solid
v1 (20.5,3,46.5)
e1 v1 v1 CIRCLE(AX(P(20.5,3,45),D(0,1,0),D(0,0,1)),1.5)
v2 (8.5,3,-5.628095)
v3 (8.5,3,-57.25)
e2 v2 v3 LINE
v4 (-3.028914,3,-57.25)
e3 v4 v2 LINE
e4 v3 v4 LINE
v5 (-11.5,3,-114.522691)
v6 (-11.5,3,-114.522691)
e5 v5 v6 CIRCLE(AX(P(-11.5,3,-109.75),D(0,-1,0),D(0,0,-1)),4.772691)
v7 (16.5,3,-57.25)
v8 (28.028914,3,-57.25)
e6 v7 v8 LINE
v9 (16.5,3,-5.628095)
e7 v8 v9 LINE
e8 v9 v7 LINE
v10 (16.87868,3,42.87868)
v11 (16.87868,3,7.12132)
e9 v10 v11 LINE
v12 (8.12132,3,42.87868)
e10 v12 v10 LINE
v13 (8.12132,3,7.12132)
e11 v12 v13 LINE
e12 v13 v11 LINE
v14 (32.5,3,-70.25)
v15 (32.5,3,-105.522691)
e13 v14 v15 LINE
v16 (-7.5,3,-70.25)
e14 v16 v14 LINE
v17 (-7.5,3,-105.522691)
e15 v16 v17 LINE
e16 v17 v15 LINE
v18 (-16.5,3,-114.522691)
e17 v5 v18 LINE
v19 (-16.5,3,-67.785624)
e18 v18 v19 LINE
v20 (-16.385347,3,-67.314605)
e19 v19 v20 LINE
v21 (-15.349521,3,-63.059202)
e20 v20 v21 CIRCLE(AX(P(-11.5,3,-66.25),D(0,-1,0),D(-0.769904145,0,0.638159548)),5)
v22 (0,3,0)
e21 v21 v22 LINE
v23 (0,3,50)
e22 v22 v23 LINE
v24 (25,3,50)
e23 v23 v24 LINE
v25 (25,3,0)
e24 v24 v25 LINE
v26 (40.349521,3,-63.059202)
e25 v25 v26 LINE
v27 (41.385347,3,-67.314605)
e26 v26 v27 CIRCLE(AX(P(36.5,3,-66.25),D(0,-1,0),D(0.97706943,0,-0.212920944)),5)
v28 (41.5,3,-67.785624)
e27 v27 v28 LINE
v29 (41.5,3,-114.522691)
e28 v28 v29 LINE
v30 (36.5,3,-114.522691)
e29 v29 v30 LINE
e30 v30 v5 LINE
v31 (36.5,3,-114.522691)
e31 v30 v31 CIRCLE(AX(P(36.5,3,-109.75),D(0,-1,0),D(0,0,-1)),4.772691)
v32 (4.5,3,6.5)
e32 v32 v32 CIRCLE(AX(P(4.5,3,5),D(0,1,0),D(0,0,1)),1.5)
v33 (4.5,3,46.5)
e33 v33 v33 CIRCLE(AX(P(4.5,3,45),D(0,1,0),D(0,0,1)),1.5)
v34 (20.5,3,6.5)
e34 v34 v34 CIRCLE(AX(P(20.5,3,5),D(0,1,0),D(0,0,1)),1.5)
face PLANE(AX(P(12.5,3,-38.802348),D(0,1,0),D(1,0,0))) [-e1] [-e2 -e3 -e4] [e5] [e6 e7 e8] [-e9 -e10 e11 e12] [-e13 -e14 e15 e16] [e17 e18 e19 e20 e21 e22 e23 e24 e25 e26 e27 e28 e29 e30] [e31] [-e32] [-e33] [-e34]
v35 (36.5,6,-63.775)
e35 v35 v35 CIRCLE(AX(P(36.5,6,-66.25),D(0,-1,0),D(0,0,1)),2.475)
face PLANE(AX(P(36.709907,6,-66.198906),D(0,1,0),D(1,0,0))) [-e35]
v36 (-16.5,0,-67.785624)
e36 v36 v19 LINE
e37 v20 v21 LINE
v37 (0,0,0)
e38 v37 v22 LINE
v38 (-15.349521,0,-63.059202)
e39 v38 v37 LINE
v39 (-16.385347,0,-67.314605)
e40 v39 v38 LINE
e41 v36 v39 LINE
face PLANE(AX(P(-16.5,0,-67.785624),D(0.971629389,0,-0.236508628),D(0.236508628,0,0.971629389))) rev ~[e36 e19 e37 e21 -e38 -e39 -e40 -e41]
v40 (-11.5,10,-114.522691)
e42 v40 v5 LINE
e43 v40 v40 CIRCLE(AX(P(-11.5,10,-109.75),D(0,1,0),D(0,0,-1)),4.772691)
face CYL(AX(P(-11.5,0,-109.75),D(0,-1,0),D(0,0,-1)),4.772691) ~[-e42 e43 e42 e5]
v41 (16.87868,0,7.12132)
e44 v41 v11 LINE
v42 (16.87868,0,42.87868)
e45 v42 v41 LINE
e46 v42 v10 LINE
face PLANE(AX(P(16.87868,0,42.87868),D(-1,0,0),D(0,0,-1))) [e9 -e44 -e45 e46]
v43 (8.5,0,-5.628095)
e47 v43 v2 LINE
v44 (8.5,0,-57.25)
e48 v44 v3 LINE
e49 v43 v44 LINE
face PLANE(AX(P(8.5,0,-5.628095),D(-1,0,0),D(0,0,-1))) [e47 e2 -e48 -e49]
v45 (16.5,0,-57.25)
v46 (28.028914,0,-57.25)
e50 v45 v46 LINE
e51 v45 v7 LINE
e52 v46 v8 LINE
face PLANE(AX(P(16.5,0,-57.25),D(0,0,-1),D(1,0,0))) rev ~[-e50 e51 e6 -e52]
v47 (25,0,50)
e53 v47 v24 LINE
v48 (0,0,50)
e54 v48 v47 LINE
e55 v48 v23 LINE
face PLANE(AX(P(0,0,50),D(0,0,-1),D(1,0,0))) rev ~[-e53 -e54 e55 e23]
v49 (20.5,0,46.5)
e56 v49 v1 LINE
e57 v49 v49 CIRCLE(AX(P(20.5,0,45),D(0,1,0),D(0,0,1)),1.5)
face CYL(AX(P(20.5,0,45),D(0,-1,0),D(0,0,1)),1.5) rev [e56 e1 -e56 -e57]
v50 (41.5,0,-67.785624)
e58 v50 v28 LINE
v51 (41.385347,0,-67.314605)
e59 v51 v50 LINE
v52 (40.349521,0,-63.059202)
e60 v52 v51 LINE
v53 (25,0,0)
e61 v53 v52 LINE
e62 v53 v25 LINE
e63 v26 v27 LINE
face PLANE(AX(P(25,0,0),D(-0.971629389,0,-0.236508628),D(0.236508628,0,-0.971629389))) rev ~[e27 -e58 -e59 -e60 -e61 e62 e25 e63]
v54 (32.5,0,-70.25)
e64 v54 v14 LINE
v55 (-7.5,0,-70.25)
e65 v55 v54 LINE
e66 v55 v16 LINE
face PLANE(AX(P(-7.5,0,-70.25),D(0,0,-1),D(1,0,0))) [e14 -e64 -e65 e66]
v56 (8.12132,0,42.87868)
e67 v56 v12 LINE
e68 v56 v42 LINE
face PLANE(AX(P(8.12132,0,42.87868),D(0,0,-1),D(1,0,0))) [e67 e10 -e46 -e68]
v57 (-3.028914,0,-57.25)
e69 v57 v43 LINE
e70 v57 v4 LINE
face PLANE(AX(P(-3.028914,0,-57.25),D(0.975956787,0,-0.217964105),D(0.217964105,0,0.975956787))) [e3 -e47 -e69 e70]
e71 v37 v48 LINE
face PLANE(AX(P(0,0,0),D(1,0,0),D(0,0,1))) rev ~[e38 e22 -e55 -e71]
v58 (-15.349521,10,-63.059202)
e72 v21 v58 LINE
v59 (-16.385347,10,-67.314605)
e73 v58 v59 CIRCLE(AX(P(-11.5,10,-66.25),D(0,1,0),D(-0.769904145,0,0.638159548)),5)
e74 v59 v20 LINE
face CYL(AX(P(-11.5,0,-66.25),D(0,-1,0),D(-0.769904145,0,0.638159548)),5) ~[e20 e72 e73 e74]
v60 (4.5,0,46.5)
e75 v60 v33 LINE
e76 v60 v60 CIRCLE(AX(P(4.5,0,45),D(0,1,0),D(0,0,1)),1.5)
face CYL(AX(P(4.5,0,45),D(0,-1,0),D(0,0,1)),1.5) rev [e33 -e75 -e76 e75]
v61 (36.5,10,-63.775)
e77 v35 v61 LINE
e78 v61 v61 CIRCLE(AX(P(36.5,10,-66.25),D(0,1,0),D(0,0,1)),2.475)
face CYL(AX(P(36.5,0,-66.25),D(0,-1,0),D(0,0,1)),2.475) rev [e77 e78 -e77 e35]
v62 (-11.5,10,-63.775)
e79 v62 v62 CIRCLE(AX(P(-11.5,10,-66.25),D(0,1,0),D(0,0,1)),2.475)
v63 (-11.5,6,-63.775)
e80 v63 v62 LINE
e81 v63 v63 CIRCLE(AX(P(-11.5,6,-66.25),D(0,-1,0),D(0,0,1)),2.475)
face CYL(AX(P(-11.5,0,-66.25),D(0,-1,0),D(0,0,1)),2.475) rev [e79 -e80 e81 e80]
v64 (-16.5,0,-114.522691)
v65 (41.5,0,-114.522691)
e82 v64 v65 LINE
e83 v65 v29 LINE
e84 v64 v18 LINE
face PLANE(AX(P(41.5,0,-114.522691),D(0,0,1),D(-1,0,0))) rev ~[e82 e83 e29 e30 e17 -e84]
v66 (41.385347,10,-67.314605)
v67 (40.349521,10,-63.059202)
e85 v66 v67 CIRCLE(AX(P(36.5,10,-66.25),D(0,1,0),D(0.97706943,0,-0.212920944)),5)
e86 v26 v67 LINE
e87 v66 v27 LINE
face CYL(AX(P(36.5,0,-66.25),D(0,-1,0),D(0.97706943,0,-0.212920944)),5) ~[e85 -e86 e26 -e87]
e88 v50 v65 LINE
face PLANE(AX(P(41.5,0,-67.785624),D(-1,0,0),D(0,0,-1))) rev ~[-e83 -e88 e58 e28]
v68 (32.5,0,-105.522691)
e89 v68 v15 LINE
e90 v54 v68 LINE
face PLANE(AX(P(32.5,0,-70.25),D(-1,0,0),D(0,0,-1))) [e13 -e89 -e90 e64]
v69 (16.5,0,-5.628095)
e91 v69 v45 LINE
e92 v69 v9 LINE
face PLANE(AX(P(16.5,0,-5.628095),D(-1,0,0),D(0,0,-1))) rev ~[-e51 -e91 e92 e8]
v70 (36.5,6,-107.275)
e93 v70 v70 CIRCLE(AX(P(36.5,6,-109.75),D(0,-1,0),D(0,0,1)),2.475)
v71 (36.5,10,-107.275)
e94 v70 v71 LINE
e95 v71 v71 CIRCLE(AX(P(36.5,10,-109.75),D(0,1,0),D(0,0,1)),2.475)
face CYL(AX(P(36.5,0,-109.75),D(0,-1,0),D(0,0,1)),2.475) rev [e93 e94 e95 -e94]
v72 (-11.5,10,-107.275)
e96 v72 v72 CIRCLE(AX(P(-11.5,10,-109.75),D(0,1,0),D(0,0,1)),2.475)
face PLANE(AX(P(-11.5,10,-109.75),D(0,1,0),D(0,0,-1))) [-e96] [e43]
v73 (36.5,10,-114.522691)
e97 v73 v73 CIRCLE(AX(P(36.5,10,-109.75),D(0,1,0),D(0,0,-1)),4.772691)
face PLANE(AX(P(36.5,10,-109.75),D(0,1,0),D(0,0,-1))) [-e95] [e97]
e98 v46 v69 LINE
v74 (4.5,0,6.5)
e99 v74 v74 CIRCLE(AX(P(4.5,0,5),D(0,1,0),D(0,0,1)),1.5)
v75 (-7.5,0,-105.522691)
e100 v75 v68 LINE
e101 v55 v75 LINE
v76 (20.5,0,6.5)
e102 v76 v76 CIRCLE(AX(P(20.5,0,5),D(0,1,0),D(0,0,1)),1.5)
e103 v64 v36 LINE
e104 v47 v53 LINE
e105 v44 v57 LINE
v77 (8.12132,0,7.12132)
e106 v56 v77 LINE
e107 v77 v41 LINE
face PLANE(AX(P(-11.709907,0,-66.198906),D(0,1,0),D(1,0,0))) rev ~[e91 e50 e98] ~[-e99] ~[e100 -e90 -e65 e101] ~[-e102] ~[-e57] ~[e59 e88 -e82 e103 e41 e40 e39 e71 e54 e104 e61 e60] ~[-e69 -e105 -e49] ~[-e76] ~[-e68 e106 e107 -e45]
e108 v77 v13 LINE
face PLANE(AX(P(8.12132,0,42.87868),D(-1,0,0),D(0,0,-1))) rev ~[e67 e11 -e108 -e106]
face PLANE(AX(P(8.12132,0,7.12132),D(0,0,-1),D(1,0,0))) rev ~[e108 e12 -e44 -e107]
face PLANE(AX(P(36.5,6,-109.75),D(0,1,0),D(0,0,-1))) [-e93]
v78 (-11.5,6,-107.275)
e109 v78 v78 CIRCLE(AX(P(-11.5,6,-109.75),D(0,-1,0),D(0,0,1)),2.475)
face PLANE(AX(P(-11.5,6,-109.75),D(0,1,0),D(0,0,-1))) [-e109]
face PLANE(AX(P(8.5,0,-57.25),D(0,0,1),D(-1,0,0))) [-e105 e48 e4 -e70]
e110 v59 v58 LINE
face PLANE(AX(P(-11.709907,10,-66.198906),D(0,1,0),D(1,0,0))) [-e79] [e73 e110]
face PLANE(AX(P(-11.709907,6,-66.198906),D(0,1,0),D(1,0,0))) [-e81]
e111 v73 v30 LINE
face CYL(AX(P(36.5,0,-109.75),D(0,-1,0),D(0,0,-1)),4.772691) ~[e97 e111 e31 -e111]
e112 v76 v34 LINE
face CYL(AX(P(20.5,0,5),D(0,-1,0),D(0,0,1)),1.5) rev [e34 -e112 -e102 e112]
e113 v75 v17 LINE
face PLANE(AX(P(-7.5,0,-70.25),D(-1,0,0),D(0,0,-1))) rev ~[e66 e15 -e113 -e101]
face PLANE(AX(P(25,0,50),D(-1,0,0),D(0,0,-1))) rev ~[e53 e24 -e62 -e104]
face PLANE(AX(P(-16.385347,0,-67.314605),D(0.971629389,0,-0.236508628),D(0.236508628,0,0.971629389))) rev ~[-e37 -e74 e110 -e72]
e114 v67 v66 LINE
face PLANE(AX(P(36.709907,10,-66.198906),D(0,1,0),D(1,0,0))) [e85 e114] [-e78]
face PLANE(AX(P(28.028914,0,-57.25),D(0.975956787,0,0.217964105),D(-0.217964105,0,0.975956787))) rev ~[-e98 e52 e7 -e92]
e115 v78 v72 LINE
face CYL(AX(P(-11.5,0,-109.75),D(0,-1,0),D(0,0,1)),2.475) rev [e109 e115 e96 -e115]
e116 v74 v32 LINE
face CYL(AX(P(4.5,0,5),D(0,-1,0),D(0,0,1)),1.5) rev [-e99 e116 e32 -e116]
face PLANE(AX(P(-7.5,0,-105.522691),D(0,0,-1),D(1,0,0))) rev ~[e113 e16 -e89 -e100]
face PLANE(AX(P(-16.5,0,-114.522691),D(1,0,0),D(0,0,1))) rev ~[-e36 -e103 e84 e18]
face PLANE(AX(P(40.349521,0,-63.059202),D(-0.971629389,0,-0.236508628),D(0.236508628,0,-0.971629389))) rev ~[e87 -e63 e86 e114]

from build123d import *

# Parameters (mm, degrees)
SKETCH2_W           = 8.757359312
SKETCH2_H           = 35.757359312
SKETCH2_R           = 1.5
BOSS_EXTRUDE1_DEPTH = 3
SKETCH2_4_R         = 4.77269061
BOSS_EXTRUDE2_DEPTH = 6
SKETCH2_5_R         = 2.475
SKETCH2_5_R_2       = 4.77269061
BOSS_EXTRUDE3_DEPTH = 10


with BuildPart() as part:
    # Sketch2 → Boss-Extrude1 (new body)
    with BuildSketch(Plane(origin=(0, 0, 0), x_dir=(1, 0, 0), z_dir=(0, 1, 0))):
        Polygon((25, -50), (25, 0), (41.5, 67.785623806), (41.5, 114.52269061), (-16.5, 114.52269061), (-16.5, 67.785623806), (0, 0), (0, -50), align=None)
        with Locations((12.5, -25)):
            Rectangle(SKETCH2_W, SKETCH2_H, mode=Mode.SUBTRACT)
        with Locations((4.5, -45)):
            Circle(SKETCH2_R, mode=Mode.SUBTRACT)
        with Locations((20.5, -45)):
            Circle(SKETCH2_R, mode=Mode.SUBTRACT)
        with Locations((20.5, -5)):
            Circle(SKETCH2_R, mode=Mode.SUBTRACT)
        with Locations((4.5, -5)):
            Circle(SKETCH2_R, mode=Mode.SUBTRACT)
        Polygon((8.5, 57.25), (8.5, 5.628094968), (-3.028914458, 57.25), align=None, mode=Mode.SUBTRACT)
        Polygon((16.5, 57.25), (28.028914458, 57.25), (16.5, 5.628094968), align=None, mode=Mode.SUBTRACT)
        Polygon((-7.5, 105.52269061), (32.5, 105.52269061), (32.5, 88), (32.5, 70.25), (-7.5, 70.25), (-7.5, 88), align=None, mode=Mode.SUBTRACT)
    extrude(amount=BOSS_EXTRUDE1_DEPTH)

    # Sketch2<4> → Boss-Extrude2 (add)
    with BuildSketch(Plane(origin=(0, 0, 0), x_dir=(1, 0, 0), z_dir=(0, 1, 0))):
        with BuildLine():
            Line((-16.385347151, 67.314604722), (-15.349520723, 63.059202262))
            ThreePointArc((-15.349520723, 63.059202262), (-6.641853057, 67.432543142), (-16.385347151, 67.314604722))
        make_face()
        with BuildLine():
            Line((40.349520723, 63.059202262), (41.385347151, 67.314604722))
            ThreePointArc((41.385347151, 67.314604722), (31.641853057, 67.432543142), (40.349520723, 63.059202262))
        make_face()
        with Locations((-11.5, 109.75)):
            Circle(SKETCH2_4_R)
        with Locations((36.5, 109.75)):
            Circle(SKETCH2_4_R)
    extrude(amount=BOSS_EXTRUDE2_DEPTH)

    # Sketch2<5> → Boss-Extrude3 (add)
    # profile 1 of 4: a face of its own
    with BuildSketch(Plane(origin=(0, 0, 0), x_dir=(1, 0, 0), z_dir=(0, 1, 0))):
        with BuildLine():
            Line((-16.385347151, 67.314604722), (-15.349520723, 63.059202262))
            ThreePointArc((-15.349520723, 63.059202262), (-6.641853057, 67.432543142), (-16.385347151, 67.314604722))
        make_face()
        with Locations((-11.5, 66.25)):
            Circle(SKETCH2_5_R, mode=Mode.SUBTRACT)
    # profile 2 of 4: a face of its own
    with BuildSketch(Plane(origin=(0, 0, 0), x_dir=(1, 0, 0), z_dir=(0, 1, 0))):
        with BuildLine():
            ThreePointArc((41.385347151, 67.314604722), (31.641853057, 67.432543142), (40.349520723, 63.059202262))
            Line((40.349520723, 63.059202262), (41.385347151, 67.314604722))
        make_face()
        with Locations((36.5, 66.25)):
            Circle(SKETCH2_5_R, mode=Mode.SUBTRACT)
    # profile 3 of 4: a face of its own
    with BuildSketch(Plane(origin=(0, 0, 0), x_dir=(1, 0, 0), z_dir=(0, 1, 0))):
        with Locations((-11.5, 109.75)):
            Circle(SKETCH2_5_R_2)
        with Locations((-11.5, 109.75)):
            Circle(SKETCH2_5_R, mode=Mode.SUBTRACT)
    # profile 4 of 4: a face of its own
    with BuildSketch(Plane(origin=(0, 0, 0), x_dir=(1, 0, 0), z_dir=(0, 1, 0))):
        with Locations((36.5, 109.75)):
            Circle(SKETCH2_5_R_2)
        with Locations((36.5, 109.75)):
            Circle(SKETCH2_5_R, mode=Mode.SUBTRACT)
    extrude(amount=BOSS_EXTRUDE3_DEPTH)


solid = part.part
